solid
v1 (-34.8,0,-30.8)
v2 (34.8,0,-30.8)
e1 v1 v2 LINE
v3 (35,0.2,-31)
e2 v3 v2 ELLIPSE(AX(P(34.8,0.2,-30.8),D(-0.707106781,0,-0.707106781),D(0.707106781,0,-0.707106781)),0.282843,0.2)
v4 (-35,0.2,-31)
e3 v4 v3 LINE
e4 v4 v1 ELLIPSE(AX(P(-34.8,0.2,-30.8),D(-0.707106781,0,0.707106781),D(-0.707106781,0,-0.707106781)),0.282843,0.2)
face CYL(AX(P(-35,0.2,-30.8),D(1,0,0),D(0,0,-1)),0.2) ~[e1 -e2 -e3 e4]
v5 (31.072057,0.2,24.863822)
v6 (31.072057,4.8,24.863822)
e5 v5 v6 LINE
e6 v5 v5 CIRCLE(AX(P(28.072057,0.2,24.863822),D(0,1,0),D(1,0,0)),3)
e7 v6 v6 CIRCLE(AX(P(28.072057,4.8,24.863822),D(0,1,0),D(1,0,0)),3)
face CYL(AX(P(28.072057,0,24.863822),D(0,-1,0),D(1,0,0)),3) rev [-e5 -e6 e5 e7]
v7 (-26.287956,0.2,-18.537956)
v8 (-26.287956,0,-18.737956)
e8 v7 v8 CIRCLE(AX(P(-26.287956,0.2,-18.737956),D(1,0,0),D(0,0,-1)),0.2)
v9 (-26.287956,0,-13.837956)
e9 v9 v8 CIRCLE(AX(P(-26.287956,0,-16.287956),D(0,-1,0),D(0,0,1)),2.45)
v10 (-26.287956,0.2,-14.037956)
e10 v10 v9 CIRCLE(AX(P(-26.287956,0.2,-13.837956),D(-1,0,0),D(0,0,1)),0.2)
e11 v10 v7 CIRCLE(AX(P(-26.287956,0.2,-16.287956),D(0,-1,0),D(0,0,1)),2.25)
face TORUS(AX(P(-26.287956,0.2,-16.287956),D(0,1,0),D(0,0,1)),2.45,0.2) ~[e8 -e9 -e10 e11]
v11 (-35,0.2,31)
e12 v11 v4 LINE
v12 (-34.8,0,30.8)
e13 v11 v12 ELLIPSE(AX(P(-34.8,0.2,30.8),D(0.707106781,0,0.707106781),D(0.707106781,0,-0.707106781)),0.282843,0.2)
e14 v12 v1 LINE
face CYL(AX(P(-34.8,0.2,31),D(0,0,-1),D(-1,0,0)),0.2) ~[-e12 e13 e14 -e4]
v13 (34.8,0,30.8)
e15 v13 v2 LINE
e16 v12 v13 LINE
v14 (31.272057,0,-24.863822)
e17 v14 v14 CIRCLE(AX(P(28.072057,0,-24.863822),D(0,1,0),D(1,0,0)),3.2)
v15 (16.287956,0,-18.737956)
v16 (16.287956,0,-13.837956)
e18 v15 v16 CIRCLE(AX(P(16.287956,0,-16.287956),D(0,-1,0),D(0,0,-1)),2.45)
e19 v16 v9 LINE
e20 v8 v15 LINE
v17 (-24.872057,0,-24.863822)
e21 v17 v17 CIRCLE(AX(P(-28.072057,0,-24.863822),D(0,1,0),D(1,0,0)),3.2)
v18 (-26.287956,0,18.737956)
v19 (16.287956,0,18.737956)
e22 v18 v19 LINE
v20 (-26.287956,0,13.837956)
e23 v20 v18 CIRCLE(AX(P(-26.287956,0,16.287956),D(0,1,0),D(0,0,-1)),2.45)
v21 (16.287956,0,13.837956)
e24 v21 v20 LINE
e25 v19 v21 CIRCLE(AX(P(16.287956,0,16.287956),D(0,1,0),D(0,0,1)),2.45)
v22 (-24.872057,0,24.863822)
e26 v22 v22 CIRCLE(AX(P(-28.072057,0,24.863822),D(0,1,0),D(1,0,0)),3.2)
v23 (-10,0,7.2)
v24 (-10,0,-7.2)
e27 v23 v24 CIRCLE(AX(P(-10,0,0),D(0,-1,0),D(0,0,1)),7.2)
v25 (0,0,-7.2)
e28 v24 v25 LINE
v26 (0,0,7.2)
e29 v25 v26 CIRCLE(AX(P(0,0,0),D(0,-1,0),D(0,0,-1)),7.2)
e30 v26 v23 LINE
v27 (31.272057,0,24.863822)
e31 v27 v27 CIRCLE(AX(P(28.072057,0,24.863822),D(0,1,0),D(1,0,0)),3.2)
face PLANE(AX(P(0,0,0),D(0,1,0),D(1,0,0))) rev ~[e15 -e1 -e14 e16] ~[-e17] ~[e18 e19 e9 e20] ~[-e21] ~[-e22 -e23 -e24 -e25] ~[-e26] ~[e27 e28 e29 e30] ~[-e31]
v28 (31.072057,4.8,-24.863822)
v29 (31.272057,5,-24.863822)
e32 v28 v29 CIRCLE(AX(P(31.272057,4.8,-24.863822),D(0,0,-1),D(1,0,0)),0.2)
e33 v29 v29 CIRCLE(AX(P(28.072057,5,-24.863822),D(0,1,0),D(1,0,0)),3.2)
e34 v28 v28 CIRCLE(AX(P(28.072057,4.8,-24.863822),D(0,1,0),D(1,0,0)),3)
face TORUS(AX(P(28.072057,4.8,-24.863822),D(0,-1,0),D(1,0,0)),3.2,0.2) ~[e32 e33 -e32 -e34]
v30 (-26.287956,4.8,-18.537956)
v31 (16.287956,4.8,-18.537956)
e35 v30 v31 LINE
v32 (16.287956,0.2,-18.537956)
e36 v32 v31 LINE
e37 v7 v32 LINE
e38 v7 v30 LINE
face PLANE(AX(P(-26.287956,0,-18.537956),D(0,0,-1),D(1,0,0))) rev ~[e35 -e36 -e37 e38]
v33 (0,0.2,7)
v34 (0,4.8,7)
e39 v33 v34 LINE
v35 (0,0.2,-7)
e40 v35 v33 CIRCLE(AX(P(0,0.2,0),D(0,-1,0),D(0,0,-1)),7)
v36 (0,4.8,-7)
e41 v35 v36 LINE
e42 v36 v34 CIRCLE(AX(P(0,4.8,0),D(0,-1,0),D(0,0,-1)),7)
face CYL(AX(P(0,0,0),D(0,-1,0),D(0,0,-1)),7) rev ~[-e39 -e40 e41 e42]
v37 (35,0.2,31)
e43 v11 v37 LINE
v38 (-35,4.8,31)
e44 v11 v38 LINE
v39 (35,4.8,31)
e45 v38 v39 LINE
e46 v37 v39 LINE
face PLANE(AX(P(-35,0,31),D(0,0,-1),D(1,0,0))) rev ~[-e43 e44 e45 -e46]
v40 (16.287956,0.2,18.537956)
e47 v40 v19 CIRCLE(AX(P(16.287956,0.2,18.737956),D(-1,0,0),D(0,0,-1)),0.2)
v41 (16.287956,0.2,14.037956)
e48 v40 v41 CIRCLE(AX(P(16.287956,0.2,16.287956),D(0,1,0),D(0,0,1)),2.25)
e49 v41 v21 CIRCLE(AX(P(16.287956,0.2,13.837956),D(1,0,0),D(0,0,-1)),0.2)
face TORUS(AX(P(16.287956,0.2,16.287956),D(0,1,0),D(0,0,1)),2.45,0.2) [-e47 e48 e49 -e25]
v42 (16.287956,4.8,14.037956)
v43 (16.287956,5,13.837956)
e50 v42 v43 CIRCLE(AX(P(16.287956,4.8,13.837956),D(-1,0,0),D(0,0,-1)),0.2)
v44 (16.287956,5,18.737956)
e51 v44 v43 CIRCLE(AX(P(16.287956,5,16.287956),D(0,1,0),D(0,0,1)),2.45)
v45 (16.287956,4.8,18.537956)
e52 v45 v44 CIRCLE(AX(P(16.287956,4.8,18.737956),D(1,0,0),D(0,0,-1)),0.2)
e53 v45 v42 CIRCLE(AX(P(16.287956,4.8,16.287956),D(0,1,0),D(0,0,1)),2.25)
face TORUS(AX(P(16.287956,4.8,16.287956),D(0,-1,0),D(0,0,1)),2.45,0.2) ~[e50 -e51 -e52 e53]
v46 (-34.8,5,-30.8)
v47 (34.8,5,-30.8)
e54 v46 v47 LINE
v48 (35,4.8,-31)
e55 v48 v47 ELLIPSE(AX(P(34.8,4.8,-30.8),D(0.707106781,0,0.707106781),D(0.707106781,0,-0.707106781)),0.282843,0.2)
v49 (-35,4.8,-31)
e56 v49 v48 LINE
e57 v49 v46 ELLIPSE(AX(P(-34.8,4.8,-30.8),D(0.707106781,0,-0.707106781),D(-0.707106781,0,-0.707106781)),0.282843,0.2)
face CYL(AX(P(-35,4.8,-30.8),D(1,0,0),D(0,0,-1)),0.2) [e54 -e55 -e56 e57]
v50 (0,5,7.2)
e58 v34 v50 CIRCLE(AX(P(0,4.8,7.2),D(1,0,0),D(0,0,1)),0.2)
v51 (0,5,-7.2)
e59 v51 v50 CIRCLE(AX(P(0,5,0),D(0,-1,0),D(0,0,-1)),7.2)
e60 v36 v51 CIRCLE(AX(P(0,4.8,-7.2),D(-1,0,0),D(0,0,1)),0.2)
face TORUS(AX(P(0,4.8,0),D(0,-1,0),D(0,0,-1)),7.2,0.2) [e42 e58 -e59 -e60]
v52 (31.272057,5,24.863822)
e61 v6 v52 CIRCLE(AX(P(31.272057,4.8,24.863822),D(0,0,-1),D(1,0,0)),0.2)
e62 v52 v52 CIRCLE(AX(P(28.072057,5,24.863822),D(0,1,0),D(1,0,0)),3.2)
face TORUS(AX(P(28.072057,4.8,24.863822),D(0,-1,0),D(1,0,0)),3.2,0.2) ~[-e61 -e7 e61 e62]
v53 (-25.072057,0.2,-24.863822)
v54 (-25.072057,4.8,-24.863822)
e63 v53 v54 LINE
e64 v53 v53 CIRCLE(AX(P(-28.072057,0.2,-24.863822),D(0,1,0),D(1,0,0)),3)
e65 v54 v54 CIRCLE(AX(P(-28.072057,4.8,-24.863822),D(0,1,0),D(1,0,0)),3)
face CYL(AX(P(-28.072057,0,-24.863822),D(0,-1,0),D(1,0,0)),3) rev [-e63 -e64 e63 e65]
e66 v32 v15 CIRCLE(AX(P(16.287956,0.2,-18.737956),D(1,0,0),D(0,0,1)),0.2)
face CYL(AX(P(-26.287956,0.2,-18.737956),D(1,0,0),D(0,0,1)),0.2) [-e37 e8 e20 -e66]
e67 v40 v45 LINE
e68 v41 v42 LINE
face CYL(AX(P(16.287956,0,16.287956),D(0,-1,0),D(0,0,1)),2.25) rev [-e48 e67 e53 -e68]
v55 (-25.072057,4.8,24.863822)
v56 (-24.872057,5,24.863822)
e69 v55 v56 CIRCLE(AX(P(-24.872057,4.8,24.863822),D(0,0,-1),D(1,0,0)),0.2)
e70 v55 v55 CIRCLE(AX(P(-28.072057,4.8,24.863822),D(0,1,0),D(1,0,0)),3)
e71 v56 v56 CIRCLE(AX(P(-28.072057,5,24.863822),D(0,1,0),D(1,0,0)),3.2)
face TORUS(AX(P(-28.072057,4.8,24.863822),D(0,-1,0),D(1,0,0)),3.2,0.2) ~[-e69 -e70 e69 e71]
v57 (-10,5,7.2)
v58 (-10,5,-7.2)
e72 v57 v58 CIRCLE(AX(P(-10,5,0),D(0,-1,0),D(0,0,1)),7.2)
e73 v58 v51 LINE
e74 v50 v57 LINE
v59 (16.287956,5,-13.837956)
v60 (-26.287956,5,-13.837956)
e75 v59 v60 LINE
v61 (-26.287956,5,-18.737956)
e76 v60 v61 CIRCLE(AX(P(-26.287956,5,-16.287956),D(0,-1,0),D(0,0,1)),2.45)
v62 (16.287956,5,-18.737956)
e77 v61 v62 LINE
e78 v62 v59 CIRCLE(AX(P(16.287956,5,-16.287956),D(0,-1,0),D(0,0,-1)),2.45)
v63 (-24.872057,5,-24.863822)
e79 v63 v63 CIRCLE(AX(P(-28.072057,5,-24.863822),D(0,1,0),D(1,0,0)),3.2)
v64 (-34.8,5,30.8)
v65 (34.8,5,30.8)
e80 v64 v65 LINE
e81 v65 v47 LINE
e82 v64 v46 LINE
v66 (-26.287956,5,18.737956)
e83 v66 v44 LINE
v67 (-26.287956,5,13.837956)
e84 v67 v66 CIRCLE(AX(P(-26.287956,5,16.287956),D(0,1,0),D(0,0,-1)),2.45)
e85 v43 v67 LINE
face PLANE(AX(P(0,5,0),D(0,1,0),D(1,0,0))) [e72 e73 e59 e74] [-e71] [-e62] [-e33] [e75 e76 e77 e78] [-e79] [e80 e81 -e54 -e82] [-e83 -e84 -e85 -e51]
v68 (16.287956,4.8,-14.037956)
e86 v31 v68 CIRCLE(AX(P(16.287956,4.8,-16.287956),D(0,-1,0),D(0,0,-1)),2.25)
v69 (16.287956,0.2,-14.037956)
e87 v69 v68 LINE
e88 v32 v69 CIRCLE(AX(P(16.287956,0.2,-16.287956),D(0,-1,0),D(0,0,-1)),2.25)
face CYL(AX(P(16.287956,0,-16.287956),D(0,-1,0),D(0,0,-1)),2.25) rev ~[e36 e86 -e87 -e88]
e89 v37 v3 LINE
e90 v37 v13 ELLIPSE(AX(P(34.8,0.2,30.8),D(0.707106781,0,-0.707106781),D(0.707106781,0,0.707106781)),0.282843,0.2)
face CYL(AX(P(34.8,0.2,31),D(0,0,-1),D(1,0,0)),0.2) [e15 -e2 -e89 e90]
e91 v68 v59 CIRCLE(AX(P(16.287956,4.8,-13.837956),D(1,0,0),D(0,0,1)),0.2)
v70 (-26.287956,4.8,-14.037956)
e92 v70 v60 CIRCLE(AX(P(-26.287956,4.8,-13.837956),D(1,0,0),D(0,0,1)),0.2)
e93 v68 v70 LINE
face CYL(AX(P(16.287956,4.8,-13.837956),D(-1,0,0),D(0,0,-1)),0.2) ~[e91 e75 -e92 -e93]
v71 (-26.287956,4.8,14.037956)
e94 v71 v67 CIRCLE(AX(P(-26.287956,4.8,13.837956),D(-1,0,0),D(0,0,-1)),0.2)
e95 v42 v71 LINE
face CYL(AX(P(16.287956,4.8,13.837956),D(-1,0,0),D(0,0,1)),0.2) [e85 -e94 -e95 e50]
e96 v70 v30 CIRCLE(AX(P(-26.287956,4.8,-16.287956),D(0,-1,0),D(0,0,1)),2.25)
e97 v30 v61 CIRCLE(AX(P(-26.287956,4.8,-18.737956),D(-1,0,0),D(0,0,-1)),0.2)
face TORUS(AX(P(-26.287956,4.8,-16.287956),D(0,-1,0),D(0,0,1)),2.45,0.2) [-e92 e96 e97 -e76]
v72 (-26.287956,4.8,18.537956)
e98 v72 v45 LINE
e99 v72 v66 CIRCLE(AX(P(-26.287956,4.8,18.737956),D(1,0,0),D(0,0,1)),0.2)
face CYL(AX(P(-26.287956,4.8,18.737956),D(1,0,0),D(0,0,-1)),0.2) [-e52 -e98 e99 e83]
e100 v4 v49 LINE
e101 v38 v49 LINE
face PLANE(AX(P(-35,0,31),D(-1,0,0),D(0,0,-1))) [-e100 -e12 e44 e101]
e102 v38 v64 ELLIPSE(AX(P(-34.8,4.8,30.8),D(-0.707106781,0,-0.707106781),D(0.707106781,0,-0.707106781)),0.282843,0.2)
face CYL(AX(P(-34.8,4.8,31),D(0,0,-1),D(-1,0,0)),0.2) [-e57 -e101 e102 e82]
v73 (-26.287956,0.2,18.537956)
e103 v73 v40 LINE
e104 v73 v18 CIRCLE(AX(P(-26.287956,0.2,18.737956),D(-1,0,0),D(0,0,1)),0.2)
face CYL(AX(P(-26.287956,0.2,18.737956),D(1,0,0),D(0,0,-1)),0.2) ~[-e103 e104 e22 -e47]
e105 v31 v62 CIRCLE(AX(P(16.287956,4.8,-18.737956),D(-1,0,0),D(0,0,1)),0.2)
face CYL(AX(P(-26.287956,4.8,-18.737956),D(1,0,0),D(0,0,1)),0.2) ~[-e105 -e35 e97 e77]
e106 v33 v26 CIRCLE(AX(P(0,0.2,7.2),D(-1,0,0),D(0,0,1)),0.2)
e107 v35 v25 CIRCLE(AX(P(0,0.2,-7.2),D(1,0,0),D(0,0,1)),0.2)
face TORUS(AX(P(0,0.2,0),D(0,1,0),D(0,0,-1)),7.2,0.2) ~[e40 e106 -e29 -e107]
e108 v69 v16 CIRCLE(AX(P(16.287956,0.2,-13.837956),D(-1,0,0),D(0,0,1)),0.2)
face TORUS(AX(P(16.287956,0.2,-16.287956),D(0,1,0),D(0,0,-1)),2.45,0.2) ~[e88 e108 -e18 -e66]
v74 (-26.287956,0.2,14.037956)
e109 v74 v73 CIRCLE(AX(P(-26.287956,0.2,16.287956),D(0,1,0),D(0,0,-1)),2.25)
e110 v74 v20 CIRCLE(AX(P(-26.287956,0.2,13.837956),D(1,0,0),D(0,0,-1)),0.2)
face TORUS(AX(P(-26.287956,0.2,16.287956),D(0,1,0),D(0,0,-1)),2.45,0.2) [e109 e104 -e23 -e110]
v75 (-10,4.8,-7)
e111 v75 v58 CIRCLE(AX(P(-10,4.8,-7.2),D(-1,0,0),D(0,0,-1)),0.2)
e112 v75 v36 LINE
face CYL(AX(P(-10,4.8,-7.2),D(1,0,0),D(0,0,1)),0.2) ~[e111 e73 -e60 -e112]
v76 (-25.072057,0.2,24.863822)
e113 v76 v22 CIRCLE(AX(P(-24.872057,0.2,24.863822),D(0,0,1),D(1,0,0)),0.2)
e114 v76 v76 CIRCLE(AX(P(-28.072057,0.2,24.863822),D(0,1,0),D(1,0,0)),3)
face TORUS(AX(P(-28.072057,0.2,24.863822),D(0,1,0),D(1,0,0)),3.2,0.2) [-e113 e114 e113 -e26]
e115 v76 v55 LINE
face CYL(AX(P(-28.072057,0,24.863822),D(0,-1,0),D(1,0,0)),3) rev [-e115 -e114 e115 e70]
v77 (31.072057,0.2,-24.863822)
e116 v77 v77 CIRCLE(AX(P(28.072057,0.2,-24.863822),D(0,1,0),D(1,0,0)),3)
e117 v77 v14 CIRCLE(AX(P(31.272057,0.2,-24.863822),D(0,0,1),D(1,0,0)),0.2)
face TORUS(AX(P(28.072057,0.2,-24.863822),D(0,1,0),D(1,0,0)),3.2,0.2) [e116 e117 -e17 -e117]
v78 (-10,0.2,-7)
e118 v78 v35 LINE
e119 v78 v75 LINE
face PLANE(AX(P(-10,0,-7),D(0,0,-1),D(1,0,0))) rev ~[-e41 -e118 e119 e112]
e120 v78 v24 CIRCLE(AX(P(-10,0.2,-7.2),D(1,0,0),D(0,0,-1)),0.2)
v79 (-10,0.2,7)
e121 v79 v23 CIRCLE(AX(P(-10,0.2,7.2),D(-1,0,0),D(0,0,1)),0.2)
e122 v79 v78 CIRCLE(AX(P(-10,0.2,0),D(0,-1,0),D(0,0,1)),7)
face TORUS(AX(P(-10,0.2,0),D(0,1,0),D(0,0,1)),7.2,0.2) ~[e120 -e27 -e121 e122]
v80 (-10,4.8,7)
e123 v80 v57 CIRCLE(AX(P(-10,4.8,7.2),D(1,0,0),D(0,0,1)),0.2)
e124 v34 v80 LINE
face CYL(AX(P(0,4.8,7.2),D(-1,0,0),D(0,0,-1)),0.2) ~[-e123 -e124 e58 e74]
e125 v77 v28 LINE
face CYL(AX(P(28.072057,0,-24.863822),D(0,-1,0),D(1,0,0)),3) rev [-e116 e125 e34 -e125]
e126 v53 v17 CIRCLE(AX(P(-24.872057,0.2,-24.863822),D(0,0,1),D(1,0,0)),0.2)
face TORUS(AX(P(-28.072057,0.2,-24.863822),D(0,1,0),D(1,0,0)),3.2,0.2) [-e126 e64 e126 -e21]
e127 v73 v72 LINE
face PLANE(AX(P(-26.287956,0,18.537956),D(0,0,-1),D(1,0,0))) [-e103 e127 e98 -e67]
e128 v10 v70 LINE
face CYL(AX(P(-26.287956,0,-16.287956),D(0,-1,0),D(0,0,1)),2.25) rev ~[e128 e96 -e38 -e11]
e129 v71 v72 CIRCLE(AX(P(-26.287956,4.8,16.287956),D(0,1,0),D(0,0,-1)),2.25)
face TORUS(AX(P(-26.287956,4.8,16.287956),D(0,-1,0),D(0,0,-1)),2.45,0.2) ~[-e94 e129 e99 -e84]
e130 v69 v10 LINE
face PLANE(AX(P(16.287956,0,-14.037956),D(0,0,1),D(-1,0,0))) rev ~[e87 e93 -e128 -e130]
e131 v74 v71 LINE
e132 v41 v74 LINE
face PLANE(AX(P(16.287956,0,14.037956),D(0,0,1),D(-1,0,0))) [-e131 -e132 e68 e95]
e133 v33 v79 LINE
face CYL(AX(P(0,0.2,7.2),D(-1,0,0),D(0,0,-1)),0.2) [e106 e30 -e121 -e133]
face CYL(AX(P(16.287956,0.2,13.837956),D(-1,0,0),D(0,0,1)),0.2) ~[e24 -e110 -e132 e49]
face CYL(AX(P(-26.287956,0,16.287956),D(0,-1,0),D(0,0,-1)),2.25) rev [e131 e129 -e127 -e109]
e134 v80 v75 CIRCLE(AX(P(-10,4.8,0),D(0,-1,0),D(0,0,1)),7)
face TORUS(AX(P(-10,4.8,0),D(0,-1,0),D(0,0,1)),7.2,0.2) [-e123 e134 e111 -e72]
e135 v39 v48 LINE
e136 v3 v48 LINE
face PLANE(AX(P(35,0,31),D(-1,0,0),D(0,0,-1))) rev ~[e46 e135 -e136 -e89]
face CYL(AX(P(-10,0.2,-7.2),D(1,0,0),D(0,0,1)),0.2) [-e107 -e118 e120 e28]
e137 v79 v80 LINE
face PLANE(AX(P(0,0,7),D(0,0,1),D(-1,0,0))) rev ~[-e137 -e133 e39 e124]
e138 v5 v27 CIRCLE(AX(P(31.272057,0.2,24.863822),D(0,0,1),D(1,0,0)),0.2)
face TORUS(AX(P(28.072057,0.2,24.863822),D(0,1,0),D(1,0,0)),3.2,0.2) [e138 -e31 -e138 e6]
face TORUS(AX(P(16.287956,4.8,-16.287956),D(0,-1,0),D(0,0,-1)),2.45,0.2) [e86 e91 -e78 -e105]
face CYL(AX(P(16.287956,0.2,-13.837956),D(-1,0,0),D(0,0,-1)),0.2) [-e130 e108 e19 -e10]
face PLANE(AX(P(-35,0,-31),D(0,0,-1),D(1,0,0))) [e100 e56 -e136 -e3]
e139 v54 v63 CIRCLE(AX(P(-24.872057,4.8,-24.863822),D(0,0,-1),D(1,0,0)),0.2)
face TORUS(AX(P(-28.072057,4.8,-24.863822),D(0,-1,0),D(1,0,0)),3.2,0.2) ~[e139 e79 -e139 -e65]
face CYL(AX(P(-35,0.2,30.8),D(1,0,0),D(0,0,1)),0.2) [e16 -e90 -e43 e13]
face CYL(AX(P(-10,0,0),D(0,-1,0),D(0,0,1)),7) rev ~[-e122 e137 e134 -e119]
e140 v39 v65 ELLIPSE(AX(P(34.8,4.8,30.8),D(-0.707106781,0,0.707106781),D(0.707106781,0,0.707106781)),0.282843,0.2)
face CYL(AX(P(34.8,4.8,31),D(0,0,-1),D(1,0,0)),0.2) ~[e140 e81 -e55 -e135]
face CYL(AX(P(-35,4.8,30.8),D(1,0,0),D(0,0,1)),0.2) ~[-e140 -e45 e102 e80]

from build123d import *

# Parameters (mm, degrees)
SKETCH1_W           = 70
SKETCH1_H           = 62
SKETCH1_R           = 3
BOSS_EXTRUDE2_DEPTH = 5
FILLET1_R           = 0.2


with BuildPart() as part:
    # Sketch1 → Boss-Extrude2 (new body)
    with BuildSketch(Plane(origin=(0, 0, 0), x_dir=(1, 0, 0), z_dir=(0, 1, 0))):
        Rectangle(SKETCH1_W, SKETCH1_H)
        with Locations((-28.072056756, 24.863821699)):
            Circle(SKETCH1_R, mode=Mode.SUBTRACT)
        with Locations((28.072056756, 24.863821699)):
            Circle(SKETCH1_R, mode=Mode.SUBTRACT)
        with Locations((28.072056756, -24.863821699)):
            Circle(SKETCH1_R, mode=Mode.SUBTRACT)
        with Locations((-28.072056756, -24.863821699)):
            Circle(SKETCH1_R, mode=Mode.SUBTRACT)
        with BuildLine():
            Line((-26.287956399, 18.537956399), (16.287956399, 18.537956399))
            ThreePointArc((16.287956399, 18.537956399), (18.537956399, 16.287956399), (16.287956399, 14.037956399))
            Line((16.287956399, 14.037956399), (-26.287956399, 14.037956399))
            ThreePointArc((-26.287956399, 14.037956399), (-28.537956399, 16.287956399), (-26.287956399, 18.537956399))
        make_face(mode=Mode.SUBTRACT)
        with BuildLine():
            Line((-10, 7), (0, 7))
            ThreePointArc((0, 7), (7, 0), (0, -7))
            Line((0, -7), (-10, -7))
            ThreePointArc((-10, -7), (-17, 0), (-10, 7))
        make_face(mode=Mode.SUBTRACT)
        with BuildLine():
            Line((-26.287956399, -18.537956399), (16.287956399, -18.537956399))
            ThreePointArc((16.287956399, -18.537956399), (18.537956399, -16.287956399), (16.287956399, -14.037956399))
            Line((16.287956399, -14.037956399), (-26.287956399, -14.037956399))
            ThreePointArc((-26.287956399, -14.037956399), (-28.537956399, -16.287956399), (-26.287956399, -18.537956399))
        make_face(mode=Mode.SUBTRACT)
    extrude(amount=BOSS_EXTRUDE2_DEPTH)

    # Fillet1
    fillet1_edges = [part.edges().sort_by_distance(p)[0] for p in [
        (-31.072056756, 0, -24.863821699),
        (-31.072056756, 5, -24.863821699),
        (-35, 5, 0),
        (25.072056756, 0, -24.863821699),
        (25.072056756, 5, -24.863821699),
        (0, 5, 31),
        (25.072056756, 0, 24.863821699),
        (25.072056756, 5, 24.863821699),
        (-31.072056756, 0, 24.863821699),
        (-31.072056756, 5, 24.863821699),
        (-28.537956399, 0, -16.287956399),
        (-5, 0, -14.037956399),
        (18.537956399, 0, -16.287956399),
        (-5, 0, -18.537956399),
        (-28.537956399, 5, -16.287956399),
        (-5, 5, -14.037956399),
        (18.537956399, 5, -16.287956399),
        (-5, 5, -18.537956399),
        (-17, 0, 0),
        (-5, 0, 7),
        (7, 0, 0),
        (-5, 0, -7),
        (-17, 5, 0),
        (-5, 5, 7),
        (7, 5, 0),
        (-5, 5, -7),
        (35, 5, 0),
        (0, 0, 31),
        (-35, 0, 0),
        (-28.537956399, 0, 16.287956399),
        (-5, 0, 18.537956399),
        (18.537956399, 0, 16.287956399),
        (-5, 0, 14.037956399),
        (0, 0, -31),
        (-28.537956399, 5, 16.287956399),
        (-5, 5, 18.537956399),
        (18.537956399, 5, 16.287956399),
        (-5, 5, 14.037956399),
        (35, 0, 0),
        (0, 5, -31),
    ]]
    fillet(fillet1_edges, radius=FILLET1_R)


solid = part.part
